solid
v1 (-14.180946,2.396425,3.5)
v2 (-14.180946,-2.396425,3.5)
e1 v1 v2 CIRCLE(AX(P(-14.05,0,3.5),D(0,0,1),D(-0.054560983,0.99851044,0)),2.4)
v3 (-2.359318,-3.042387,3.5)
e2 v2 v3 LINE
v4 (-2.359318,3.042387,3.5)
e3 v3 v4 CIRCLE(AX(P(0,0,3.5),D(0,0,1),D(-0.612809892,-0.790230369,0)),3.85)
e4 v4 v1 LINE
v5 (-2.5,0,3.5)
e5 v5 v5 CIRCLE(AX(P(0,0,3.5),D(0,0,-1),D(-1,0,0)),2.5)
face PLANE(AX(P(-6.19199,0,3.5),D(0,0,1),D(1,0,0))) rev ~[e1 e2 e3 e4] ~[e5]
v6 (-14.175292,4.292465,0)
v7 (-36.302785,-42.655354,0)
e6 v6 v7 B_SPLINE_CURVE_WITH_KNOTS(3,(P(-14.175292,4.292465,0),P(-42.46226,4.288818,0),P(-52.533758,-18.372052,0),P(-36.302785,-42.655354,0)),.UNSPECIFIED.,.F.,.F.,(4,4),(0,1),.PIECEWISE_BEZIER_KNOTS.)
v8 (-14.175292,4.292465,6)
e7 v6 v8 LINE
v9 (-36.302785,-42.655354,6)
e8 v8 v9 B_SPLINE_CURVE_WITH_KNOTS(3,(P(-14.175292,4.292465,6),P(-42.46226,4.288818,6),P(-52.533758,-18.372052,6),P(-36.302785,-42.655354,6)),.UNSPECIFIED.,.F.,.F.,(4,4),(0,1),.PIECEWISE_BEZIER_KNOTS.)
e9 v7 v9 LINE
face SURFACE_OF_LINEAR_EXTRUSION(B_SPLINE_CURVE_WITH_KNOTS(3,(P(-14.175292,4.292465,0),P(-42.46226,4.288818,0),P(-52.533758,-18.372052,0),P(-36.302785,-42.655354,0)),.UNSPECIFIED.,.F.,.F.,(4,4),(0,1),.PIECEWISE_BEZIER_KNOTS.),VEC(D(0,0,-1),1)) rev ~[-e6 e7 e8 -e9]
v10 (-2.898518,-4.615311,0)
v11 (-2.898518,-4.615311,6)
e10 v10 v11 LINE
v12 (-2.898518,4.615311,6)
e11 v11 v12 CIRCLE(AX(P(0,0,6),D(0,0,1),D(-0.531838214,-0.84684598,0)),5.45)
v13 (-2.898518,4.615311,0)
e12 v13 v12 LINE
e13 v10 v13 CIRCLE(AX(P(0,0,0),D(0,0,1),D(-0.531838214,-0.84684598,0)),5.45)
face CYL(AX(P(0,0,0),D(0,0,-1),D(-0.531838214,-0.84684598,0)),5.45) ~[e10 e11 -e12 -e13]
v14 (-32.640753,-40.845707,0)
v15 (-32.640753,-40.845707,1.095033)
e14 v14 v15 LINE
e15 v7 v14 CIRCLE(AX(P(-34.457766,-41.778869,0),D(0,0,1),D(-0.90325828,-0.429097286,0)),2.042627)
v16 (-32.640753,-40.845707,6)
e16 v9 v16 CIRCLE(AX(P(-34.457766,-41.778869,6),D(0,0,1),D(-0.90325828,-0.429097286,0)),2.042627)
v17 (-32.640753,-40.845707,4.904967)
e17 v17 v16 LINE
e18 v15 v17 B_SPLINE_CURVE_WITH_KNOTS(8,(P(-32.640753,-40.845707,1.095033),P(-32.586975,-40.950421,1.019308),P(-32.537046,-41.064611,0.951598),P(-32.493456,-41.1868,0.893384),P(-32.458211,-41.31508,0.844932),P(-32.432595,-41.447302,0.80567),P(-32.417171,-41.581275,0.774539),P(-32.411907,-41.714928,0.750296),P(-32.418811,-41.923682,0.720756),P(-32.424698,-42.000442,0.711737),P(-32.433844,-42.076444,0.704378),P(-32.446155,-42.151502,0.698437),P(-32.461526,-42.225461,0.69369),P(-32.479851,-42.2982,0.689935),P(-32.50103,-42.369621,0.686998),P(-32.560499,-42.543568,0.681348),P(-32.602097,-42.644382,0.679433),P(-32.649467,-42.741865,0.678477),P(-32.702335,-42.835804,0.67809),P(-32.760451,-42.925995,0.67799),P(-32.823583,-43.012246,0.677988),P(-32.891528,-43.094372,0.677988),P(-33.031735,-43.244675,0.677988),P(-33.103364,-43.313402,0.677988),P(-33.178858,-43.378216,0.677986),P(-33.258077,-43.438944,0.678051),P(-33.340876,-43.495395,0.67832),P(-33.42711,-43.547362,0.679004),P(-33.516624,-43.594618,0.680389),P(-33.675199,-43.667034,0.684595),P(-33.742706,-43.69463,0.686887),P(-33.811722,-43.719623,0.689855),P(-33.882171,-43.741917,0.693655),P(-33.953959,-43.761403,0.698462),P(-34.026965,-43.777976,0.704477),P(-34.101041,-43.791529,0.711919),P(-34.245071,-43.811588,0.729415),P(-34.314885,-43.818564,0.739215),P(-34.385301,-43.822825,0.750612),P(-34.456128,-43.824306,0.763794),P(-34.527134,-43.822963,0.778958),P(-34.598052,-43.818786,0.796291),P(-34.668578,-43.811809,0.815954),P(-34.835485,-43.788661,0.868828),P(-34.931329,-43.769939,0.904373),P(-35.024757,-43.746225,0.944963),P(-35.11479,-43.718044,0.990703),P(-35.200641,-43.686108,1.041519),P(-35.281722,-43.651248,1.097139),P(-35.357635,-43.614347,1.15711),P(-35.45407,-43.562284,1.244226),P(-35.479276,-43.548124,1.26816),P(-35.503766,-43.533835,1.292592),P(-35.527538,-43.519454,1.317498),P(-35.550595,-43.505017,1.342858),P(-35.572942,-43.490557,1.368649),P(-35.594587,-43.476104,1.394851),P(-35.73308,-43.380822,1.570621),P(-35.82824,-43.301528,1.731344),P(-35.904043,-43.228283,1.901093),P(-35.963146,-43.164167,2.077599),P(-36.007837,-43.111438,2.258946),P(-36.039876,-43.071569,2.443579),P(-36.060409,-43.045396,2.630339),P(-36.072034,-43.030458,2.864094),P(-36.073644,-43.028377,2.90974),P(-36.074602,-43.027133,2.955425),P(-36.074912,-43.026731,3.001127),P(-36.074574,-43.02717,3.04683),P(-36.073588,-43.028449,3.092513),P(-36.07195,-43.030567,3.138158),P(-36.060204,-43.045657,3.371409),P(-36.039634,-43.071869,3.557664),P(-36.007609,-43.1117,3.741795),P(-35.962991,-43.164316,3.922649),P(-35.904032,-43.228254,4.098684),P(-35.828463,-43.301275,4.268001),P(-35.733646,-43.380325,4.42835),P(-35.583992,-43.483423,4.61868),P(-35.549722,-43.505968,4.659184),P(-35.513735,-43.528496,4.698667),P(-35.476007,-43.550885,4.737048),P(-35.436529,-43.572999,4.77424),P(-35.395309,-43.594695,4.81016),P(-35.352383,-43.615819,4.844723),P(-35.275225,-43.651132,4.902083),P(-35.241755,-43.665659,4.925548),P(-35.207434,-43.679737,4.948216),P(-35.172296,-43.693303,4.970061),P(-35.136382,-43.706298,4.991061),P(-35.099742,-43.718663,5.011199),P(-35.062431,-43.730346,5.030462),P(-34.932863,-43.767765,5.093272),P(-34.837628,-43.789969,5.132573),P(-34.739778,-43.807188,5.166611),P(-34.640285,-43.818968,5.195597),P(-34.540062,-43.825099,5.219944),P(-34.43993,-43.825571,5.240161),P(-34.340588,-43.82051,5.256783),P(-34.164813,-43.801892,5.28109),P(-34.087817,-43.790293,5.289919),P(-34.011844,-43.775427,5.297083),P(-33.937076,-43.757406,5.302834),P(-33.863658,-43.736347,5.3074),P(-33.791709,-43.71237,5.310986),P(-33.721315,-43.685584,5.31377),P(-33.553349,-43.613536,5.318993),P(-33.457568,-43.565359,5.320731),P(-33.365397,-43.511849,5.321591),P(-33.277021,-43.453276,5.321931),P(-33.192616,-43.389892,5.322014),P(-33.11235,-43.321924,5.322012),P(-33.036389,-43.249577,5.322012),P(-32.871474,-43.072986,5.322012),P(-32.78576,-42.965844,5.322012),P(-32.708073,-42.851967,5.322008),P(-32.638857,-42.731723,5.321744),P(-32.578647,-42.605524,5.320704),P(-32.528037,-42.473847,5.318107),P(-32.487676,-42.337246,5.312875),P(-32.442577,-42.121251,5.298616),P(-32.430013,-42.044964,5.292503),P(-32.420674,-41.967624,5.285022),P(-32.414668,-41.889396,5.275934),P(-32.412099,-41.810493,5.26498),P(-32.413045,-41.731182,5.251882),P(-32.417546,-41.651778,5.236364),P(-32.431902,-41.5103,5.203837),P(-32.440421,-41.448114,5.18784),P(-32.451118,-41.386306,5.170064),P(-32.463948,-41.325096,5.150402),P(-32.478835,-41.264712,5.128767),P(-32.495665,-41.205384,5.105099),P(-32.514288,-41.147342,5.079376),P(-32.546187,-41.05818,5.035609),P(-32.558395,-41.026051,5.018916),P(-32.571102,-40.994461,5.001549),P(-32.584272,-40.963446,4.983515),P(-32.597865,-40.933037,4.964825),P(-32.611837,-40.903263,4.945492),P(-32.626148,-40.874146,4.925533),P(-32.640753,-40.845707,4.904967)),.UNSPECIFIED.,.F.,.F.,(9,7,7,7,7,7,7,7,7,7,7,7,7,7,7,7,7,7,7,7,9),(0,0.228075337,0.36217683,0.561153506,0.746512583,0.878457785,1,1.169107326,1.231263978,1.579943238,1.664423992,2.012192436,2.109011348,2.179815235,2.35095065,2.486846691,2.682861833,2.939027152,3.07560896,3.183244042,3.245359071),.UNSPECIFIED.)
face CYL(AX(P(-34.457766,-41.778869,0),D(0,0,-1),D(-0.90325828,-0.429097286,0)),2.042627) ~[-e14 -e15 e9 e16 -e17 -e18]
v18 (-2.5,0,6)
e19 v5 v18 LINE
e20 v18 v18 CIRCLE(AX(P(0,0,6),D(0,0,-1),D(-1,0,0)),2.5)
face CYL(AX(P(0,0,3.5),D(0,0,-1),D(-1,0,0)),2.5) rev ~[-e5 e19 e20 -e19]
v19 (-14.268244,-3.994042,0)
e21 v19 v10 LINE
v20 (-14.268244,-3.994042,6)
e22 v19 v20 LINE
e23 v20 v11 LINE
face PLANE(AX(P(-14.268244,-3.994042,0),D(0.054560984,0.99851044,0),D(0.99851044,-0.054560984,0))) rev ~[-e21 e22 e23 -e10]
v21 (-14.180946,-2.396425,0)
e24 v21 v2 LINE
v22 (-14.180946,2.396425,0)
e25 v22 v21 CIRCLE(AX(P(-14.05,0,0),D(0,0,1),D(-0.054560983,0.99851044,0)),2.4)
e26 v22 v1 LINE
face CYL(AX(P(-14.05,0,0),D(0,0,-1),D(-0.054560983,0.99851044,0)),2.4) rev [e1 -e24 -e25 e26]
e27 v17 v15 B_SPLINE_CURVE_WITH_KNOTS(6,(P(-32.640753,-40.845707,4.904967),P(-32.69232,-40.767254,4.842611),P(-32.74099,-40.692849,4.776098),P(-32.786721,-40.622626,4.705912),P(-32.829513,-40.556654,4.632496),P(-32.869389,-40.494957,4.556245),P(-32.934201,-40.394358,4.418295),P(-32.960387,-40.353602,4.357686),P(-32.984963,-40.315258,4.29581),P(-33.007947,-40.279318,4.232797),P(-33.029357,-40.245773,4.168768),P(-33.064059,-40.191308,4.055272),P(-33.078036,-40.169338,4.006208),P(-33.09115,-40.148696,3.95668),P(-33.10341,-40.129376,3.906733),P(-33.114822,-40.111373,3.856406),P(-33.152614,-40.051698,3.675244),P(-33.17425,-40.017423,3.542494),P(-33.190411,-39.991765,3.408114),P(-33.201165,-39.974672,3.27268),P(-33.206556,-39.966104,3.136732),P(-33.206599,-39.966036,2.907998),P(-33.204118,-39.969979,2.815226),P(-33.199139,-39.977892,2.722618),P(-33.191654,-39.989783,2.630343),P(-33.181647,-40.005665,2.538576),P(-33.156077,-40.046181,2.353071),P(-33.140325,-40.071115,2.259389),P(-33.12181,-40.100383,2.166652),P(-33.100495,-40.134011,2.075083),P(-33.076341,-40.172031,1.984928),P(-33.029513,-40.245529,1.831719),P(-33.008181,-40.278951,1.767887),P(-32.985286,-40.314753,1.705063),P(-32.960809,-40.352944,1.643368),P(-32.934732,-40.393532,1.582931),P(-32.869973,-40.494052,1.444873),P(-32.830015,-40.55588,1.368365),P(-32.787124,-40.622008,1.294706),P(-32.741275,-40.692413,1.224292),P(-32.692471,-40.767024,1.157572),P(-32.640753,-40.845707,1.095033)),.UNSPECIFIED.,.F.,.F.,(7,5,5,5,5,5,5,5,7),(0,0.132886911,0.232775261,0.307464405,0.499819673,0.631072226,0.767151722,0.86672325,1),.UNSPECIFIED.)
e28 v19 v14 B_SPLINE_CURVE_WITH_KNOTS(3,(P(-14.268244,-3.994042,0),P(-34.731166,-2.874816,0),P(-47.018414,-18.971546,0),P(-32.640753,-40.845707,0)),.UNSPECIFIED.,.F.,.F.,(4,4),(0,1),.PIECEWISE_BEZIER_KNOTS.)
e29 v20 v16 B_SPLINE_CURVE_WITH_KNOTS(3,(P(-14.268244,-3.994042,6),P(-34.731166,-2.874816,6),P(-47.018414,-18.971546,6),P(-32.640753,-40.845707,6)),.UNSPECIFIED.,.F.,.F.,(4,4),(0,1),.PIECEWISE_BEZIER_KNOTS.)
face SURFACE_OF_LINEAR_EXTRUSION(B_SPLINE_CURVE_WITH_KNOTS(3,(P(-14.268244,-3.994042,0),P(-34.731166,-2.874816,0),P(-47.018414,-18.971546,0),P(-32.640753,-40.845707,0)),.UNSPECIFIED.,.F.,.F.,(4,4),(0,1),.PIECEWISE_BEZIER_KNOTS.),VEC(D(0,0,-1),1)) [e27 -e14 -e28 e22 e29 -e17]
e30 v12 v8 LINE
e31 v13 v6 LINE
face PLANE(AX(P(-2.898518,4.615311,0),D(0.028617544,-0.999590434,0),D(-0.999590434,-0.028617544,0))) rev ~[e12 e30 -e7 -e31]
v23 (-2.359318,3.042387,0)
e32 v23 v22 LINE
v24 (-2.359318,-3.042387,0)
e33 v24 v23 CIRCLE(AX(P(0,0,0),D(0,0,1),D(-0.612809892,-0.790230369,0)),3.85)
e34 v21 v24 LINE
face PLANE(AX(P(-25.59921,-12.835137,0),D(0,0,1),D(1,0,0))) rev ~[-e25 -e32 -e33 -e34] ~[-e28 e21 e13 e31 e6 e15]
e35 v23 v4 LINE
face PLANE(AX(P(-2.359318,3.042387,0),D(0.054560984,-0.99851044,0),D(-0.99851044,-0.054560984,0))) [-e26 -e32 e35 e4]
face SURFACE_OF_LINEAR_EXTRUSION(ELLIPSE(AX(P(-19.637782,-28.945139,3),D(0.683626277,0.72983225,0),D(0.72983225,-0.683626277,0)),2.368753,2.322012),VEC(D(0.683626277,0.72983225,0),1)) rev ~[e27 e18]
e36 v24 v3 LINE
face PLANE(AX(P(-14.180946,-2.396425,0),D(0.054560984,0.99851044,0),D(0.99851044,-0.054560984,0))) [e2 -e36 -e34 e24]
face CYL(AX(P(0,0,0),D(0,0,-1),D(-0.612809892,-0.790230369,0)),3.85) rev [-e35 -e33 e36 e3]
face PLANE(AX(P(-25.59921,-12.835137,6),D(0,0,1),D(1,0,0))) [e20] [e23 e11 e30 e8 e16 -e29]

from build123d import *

# Parameters (mm, degrees)
BOSS_EXTRUDE1_DEPTH = 6
CUT_EXTRUDE1_DEPTH  = 3.5
SKETCH4_R           = 2.5
CUT_EXTRUDE2_DEPTH  = 3.5
SKETCH6_RX          = 2.368753343
SKETCH6_RY          = 2.322011883
CUT_EXTRUDE3_DEPTH  = 30


with BuildPart() as part:
    # Sketch1 → Boss-Extrude1 (new body)
    with BuildSketch(Plane.XY):
        with BuildLine():
            Line((-14.268243934, -3.994041761), (-2.898518265, -4.615310593))
            ThreePointArc((-2.898518265, -4.615310593), (5.45, 0), (-2.898518265, 4.615310593))
            Line((-2.898518265, 4.615310593), (-14.17529192, 4.292464798))
            add(Edge.make_bspline(
                [(-14.17529192, 4.292464798), (-42.462260129, 4.288818218), (-52.533757866, -18.372051692), (-36.302785322, -42.655354232)],
                knots=[0, 0, 0, 0, 1, 1, 1, 1], degree=3))
            ThreePointArc((-36.302785322, -42.655354232), (-33.552833422, -43.610103827), (-32.640753317, -40.845706583))
            add(Edge.make_bspline(
                [(-14.268243934, -3.994041761), (-34.73116579, -2.87481632), (-47.018413867, -18.971545605), (-32.640753317, -40.845706583)],
                knots=[0, 0, 0, 0, 1, 1, 1, 1], degree=3))
        make_face()
    extrude(amount=BOSS_EXTRUDE1_DEPTH)

    # Sketch3 → Cut-Extrude1 (cut)
    with BuildSketch(Plane.XY):
        with BuildLine():
            Line((-14.18094636, -2.396425056), (-2.359318085, -3.042386921))
            ThreePointArc((-2.359318085, -3.042386921), (3.85, 0), (-2.359318085, 3.042386921))
            Line((-2.359318085, 3.042386921), (-14.18094636, 2.396425056))
            ThreePointArc((-14.18094636, 2.396425056), (-16.45, 0), (-14.18094636, -2.396425056))
        make_face()
    extrude(amount=CUT_EXTRUDE1_DEPTH, mode=Mode.SUBTRACT)

    # Sketch4 → Cut-Extrude2 (cut)
    with BuildSketch(Plane(origin=(0, 0, 3.5), x_dir=(-1, 0, 0), z_dir=(0, 0, -1))):
        Circle(SKETCH4_R)
    extrude(amount=-CUT_EXTRUDE2_DEPTH, mode=Mode.SUBTRACT)

    # Sketch6 → Cut-Extrude3 (cut)
    with BuildSketch(Plane(origin=(-23.619287881, -25.215704234, 0), x_dir=(0, 0, -1), z_dir=(0.683626277, 0.72983225, 0))):
        with Locations(Location((-3, -5.45537074), (0, 0, -90))):
            Ellipse(SKETCH6_RX, SKETCH6_RY)
    extrude(amount=-CUT_EXTRUDE3_DEPTH, mode=Mode.SUBTRACT)


solid = part.part
